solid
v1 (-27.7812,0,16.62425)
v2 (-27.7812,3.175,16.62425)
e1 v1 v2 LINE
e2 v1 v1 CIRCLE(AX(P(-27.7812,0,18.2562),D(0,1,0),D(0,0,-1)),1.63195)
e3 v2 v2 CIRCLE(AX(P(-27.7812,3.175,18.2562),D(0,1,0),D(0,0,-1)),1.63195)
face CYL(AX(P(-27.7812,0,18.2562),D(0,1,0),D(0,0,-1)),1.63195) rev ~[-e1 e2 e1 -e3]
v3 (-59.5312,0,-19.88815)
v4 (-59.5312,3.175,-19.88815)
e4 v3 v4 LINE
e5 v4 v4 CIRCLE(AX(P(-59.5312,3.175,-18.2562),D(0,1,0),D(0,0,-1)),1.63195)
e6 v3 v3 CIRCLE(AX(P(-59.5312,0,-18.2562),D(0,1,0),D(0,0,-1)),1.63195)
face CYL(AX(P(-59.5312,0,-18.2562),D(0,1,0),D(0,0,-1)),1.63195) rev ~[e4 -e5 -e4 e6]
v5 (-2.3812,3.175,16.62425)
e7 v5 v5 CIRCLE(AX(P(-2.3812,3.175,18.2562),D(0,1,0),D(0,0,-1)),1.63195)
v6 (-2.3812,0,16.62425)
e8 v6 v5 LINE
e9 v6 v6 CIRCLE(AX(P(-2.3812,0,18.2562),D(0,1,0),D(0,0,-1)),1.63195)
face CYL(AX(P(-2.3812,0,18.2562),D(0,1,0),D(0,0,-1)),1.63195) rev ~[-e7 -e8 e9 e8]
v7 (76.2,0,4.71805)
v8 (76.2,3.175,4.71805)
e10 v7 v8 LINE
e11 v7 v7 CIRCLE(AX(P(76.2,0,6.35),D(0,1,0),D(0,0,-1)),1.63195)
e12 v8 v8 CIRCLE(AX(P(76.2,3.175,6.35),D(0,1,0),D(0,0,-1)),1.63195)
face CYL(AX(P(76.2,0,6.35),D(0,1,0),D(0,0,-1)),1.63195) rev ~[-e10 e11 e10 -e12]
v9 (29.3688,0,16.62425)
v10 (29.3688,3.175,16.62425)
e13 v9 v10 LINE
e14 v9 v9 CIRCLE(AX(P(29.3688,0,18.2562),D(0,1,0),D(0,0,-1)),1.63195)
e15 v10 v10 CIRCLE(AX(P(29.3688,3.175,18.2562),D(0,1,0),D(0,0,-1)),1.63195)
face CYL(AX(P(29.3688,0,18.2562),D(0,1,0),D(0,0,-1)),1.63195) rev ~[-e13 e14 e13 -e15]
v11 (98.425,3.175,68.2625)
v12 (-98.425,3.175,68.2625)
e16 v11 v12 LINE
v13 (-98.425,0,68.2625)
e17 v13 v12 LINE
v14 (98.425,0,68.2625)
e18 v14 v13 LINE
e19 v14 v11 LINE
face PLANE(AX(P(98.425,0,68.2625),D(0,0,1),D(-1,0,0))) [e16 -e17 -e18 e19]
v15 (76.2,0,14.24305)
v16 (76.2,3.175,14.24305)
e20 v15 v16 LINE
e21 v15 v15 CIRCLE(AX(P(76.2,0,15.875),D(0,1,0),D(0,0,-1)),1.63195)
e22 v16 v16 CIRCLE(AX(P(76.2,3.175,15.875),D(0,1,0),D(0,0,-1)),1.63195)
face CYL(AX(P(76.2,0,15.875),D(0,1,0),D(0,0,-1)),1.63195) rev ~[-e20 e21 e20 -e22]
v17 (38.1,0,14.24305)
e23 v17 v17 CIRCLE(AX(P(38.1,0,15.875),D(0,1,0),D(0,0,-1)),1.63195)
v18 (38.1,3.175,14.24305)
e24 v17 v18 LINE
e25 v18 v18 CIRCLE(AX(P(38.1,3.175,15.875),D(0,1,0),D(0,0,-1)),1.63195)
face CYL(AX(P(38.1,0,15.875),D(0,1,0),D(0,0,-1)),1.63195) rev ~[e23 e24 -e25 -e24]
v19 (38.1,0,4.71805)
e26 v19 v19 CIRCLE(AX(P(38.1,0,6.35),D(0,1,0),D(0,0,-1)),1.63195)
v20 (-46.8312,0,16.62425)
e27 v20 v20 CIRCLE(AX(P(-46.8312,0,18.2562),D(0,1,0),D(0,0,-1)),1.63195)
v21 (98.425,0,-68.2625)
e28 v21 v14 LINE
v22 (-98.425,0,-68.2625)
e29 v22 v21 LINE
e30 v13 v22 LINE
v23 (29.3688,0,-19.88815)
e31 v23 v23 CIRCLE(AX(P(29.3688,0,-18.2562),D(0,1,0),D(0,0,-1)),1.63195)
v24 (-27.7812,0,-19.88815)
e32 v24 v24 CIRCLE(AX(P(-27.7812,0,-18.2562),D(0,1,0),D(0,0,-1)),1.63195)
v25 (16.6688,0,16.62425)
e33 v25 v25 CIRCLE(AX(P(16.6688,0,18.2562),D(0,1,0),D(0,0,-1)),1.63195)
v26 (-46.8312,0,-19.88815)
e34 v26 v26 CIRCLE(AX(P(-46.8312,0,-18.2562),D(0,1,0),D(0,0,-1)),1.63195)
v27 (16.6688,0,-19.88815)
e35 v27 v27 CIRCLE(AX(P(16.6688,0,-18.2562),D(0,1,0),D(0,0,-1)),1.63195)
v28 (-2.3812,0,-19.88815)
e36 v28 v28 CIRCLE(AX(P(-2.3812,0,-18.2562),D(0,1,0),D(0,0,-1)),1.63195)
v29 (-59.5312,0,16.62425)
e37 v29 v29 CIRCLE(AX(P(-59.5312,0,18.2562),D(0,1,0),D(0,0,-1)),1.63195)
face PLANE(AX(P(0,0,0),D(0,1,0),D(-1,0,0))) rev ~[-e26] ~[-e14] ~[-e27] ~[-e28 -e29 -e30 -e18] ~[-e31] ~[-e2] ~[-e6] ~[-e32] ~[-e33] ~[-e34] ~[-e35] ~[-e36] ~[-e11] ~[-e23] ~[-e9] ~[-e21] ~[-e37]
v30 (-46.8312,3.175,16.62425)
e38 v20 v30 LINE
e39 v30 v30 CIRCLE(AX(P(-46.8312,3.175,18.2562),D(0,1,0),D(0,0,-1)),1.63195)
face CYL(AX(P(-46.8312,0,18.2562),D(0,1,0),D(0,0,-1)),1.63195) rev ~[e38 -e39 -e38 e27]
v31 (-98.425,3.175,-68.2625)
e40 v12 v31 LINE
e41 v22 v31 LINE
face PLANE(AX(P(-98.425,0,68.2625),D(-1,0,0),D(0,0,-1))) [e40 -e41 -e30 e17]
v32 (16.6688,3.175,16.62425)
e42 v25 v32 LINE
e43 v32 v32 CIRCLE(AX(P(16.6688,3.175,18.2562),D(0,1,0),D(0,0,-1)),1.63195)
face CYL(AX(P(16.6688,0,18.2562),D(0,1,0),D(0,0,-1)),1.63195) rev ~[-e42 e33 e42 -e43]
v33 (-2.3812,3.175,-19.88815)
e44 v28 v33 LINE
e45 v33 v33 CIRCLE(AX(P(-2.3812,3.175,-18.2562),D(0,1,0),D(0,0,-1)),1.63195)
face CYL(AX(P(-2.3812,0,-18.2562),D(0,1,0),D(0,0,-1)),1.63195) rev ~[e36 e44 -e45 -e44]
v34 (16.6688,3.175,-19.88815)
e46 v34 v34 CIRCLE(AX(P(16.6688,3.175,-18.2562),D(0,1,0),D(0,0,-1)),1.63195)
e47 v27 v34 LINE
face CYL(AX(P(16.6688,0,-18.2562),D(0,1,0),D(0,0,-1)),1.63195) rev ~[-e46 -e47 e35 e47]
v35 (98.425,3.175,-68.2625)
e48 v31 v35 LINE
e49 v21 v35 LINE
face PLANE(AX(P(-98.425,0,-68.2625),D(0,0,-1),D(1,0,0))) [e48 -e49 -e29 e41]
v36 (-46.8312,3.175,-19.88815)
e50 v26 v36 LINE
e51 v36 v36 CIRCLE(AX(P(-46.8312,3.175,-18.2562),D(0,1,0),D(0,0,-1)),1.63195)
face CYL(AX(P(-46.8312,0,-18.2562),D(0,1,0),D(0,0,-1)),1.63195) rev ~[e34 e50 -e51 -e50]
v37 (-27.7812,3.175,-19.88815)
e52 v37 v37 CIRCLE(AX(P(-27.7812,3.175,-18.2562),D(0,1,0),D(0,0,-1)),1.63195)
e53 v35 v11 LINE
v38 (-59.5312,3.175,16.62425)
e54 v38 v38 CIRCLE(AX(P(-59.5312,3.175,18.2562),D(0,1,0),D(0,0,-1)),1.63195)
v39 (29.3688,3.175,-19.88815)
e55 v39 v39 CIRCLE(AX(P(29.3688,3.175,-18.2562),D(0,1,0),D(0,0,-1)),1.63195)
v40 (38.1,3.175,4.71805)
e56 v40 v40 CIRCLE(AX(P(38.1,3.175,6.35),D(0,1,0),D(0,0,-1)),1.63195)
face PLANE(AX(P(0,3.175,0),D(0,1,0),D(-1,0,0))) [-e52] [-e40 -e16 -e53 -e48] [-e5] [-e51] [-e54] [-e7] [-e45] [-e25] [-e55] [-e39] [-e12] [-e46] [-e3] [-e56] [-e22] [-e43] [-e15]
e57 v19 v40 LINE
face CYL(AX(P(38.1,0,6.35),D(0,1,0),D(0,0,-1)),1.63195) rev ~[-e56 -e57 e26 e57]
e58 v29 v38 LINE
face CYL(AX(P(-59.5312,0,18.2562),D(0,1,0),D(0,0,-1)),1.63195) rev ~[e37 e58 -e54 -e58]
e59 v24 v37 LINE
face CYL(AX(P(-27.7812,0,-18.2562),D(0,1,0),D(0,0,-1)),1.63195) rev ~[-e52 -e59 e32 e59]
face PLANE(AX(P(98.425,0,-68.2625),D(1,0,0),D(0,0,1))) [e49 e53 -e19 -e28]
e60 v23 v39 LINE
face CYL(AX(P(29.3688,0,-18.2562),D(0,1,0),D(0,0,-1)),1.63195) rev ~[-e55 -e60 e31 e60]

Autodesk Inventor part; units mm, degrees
ref_plane "YZ Plane" through (0, 0, 0) normal (1, 0, 0) x (0, 1, 0)
ref_plane "XZ Plane" through (0, 0, 0) normal (0, 1, 0) x (-1, 0, 0)
ref_plane "XY Plane" through (0, 0, 0) normal (0, 0, 1) x (1, 0, 0)
sketch "Sketch1" plane through (0, 0, 0) normal (0, 1, 0) x (-1, 0, 0)
  line L0 (98.425, -68.2625) -> (-98.425, -68.2625)
  line L1 (-98.425, -68.2625) -> (-98.425, 68.2625)
  line L2 (-98.425, 68.2625) -> (98.425, 68.2625)
  line L3 (98.425, 68.2625) -> (98.425, -68.2625)
  line L4 (98.425, -68.2625) -> (-98.425, 68.2625) construction
  line L5 (-98.425, -68.2625) -> (98.425, 68.2625) construction
  point P0 (0, 0)
  point P1 (45.2437, 60.325)
  dimension "d11" = 136.525
  dimension "d13" = 196.85
extrude "Extrusion1" add sketch "Sketch1" along normal blind 3.175
sketch "Sketch2" plane through (0, 0, 0) normal (0, -1, 0) x (1, 0, 0)
  point P0 (76.2, 15.875)
  point P1 (29.3688, -18.2562)
  point P2 (16.6688, -18.2562)
  point P3 (29.3688, 18.2562)
  point P4 (16.6688, 18.2562)
  point P5 (-59.5312, 18.2562)
  point P6 (-46.8312, 18.2562)
  point P7 (-46.8312, -18.2562)
  point P8 (-59.5312, -18.2562)
  point P9 (-27.7812, 18.2562)
  point P10 (-2.3812, 18.2562)
  point P11 (-2.3812, -18.2562)
  point P12 (-27.7812, -18.2562)
  point P13 (76.2, 6.35)
  point P14 (38.1, 15.875)
  point P15 (38.1, 6.35)
hole "Hole1" at (76.2, 0, 15.875) at (29.3688, 0, -18.2562) at (16.6688, 0, -18.2562) at (29.3688, 0, 18.2562) at (16.6688, 0, 18.2562) at (-59.5312, 0, 18.2562) at (-46.8312, 0, 18.2562) at (-46.8312, 0, -18.2562) at (-59.5312, 0, -18.2562) at (-27.7812, 0, 18.2562) at (-2.3812, 0, 18.2562) at (-2.3812, 0, -18.2562) at (-27.7812, 0, -18.2562) at (76.2, 0, 6.35) at (38.1, 0, 15.875) at (38.1, 0, 6.35) direction (0, 1, 0) diameter 3.2639 end through all
properties part number "Mount PLate" material "UHMW, White"
